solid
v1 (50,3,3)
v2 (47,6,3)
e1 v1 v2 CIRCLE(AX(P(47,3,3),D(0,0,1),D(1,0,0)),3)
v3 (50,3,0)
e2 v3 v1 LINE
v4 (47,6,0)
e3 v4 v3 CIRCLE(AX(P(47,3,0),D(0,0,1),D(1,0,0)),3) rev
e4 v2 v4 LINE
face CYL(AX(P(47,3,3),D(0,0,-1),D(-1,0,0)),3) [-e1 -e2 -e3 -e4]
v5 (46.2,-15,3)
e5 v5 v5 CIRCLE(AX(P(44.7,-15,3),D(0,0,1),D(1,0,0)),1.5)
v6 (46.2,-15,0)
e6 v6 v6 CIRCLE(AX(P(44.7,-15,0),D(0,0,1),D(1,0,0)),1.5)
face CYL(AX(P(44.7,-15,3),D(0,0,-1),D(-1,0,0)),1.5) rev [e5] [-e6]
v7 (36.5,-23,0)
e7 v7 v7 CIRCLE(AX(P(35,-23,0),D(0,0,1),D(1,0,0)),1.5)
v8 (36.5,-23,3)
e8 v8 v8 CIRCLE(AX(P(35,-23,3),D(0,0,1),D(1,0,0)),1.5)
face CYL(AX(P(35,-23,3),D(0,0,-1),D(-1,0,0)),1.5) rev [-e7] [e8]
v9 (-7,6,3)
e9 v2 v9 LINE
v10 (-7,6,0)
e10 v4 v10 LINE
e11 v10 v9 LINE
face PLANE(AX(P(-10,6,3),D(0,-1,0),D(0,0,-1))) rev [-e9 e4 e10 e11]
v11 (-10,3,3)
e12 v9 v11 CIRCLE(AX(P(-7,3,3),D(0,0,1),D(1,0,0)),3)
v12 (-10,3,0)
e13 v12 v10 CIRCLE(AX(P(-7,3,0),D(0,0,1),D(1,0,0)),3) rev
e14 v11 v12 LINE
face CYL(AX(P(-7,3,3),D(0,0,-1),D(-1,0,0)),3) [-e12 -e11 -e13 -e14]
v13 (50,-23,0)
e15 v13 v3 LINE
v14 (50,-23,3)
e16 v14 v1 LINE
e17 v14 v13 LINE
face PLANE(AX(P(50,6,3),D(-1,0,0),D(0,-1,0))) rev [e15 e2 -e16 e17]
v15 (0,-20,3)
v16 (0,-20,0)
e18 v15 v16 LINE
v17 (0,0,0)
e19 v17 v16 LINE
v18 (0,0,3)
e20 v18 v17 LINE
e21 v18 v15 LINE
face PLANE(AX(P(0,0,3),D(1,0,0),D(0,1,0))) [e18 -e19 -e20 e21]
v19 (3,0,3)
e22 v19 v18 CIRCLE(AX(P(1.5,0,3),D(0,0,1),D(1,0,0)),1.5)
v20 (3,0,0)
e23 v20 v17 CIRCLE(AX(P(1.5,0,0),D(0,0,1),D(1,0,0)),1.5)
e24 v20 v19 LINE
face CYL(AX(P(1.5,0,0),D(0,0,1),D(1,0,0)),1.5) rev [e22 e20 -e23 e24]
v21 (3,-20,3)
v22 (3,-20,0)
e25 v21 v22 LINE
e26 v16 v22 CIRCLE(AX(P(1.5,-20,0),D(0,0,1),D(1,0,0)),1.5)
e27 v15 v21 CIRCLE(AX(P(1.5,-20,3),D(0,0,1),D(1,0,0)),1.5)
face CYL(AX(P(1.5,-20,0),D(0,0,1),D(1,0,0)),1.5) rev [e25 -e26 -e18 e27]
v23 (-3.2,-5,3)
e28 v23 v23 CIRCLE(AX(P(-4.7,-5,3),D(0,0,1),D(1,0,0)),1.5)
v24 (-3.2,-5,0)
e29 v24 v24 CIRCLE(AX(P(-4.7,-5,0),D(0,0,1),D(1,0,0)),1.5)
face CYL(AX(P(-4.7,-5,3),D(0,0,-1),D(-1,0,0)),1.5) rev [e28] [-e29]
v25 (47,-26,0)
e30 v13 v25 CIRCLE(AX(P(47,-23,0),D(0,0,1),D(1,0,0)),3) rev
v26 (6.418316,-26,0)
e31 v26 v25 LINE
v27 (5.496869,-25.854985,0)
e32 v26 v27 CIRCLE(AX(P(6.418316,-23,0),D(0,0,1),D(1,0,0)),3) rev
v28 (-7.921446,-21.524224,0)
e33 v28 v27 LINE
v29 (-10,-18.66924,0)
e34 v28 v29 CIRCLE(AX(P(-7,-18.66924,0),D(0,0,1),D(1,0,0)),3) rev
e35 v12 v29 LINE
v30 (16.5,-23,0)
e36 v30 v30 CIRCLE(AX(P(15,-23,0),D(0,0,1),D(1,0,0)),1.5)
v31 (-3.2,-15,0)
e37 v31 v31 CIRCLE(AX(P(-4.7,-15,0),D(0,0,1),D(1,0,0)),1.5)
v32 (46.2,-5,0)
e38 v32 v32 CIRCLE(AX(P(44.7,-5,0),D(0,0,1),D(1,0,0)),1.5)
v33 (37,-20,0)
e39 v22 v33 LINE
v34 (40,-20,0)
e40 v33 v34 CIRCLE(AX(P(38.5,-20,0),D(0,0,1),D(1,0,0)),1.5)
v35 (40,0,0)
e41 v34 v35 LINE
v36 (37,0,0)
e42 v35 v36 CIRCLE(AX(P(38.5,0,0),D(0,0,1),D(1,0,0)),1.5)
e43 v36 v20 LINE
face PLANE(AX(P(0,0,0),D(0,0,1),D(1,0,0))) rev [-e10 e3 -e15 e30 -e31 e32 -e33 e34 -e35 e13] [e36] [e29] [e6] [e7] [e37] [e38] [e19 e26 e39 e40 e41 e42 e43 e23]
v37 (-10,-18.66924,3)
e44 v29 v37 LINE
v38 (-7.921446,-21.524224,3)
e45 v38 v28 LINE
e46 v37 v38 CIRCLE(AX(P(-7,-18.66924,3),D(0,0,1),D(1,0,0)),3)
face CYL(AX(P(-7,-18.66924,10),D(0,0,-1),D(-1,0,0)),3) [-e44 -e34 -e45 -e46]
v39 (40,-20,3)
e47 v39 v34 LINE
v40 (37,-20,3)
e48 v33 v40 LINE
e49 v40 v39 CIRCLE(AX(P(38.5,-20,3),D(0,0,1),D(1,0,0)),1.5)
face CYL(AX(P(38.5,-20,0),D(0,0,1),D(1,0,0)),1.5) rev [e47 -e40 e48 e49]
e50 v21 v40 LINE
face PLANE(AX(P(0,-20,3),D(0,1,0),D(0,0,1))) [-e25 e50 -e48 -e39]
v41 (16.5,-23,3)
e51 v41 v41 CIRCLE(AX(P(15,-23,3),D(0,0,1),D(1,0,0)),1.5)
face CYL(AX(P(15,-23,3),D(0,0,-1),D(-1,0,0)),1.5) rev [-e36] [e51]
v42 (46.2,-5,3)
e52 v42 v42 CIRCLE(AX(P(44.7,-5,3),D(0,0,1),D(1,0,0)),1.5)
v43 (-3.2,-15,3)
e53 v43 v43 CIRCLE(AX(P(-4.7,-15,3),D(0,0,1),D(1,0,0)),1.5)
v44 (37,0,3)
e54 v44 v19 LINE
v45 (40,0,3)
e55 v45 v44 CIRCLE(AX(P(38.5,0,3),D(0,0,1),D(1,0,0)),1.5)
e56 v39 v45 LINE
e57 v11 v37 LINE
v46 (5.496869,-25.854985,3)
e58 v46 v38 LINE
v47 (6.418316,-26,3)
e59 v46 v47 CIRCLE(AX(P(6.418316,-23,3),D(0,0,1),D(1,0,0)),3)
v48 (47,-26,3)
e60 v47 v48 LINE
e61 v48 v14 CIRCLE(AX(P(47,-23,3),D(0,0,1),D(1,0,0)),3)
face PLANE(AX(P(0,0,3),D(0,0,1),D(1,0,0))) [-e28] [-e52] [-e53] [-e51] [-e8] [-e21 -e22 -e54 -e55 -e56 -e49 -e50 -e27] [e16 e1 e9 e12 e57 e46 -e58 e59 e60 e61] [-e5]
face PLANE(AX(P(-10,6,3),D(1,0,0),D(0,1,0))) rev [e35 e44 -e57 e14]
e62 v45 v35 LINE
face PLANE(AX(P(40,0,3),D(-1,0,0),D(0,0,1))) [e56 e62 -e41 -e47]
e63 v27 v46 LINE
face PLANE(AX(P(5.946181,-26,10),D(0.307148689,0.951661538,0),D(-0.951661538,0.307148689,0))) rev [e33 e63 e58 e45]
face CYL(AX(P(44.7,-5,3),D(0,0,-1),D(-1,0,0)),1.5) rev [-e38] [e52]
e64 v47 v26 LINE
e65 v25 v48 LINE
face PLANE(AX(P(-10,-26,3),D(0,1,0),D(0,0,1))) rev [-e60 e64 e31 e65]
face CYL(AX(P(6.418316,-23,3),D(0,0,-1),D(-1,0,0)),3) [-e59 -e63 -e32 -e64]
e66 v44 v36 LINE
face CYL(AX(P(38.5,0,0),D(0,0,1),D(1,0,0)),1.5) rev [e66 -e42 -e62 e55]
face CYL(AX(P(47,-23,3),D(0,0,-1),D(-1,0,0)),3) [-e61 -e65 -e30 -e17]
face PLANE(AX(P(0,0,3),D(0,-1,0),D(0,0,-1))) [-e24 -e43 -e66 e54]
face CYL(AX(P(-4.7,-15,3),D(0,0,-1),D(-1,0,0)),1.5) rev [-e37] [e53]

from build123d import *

# Parameters (mm, degrees)
SKETCH_1_W          = 60
SKETCH_1_H          = 32
SKETCH_1_R          = 1.5
SKETCH_1_W_2        = 40
SKETCH_1_H_2        = 20
EXTRUDE_1_DEPTH     = 3
SKETCH_2_R          = 1.5
CUT_EXTRUDE_1_DEPTH = 3
FILLET_1_R          = 3
CUT_EXTRUDE_2_DEPTH = 10
FILLET_2_R          = 3


with BuildPart() as part:
    # 草图1 → 凸台-拉伸1 (new body)
    with BuildSketch(Plane.XY):
        with Locations((20, -10)):
            Rectangle(SKETCH_1_W, SKETCH_1_H)
        with Locations((-4.7, -5)):
            Circle(SKETCH_1_R, mode=Mode.SUBTRACT)
        with Locations((-4.7, -15)):
            Circle(SKETCH_1_R, mode=Mode.SUBTRACT)
        with Locations((44.7, -5)):
            Circle(SKETCH_1_R, mode=Mode.SUBTRACT)
        with Locations((44.7, -15)):
            Circle(SKETCH_1_R, mode=Mode.SUBTRACT)
        with Locations((35, -23)):
            Circle(SKETCH_1_R, mode=Mode.SUBTRACT)
        with Locations((15, -23)):
            Circle(SKETCH_1_R, mode=Mode.SUBTRACT)
        with Locations((20, -10)):
            Rectangle(SKETCH_1_W_2, SKETCH_1_H_2, mode=Mode.SUBTRACT)
    extrude(amount=EXTRUDE_1_DEPTH)

    # 草图2 → 切除-拉伸1 (cut)
    with BuildSketch(Plane.XY.offset(3)):
        with Locations((1.5, 0)):
            Circle(SKETCH_2_R)
        with Locations((38.5, 0)):
            Circle(SKETCH_2_R)
        with Locations((38.5, -20)):
            Circle(SKETCH_2_R)
        with Locations((1.5, -20)):
            Circle(SKETCH_2_R)
    extrude(amount=-CUT_EXTRUDE_1_DEPTH, mode=Mode.SUBTRACT)

    # 圆角1
    fillet_1_edges = [part.edges().sort_by_distance(p)[0] for p in [
        (-10, 6, 1.5),
        (50, 6, 1.5),
        (50, -26, 1.5),
        (-10, -26, 1.5),
    ]]
    fillet(fillet_1_edges, radius=FILLET_1_R)

    # 草图3 → 切除-拉伸2 (cut)
    with BuildSketch(Plane(origin=(0, 0, 0), x_dir=(-1, 0, 0), z_dir=(0, 0, -1))):
        Polygon((-5.9461814, -26), (10, -20.853371157), (15.489211813, -37.273669186), align=None)
    extrude(amount=-CUT_EXTRUDE_2_DEPTH, mode=Mode.SUBTRACT)

    # 圆角2
    fillet_2_edges = [part.edges().sort_by_distance(p)[0] for p in [
        (5.9461814, -26, 1.5),
        (-10, -20.853371157, 1.5),
    ]]
    fillet(fillet_2_edges, radius=FILLET_2_R)


solid = part.part
